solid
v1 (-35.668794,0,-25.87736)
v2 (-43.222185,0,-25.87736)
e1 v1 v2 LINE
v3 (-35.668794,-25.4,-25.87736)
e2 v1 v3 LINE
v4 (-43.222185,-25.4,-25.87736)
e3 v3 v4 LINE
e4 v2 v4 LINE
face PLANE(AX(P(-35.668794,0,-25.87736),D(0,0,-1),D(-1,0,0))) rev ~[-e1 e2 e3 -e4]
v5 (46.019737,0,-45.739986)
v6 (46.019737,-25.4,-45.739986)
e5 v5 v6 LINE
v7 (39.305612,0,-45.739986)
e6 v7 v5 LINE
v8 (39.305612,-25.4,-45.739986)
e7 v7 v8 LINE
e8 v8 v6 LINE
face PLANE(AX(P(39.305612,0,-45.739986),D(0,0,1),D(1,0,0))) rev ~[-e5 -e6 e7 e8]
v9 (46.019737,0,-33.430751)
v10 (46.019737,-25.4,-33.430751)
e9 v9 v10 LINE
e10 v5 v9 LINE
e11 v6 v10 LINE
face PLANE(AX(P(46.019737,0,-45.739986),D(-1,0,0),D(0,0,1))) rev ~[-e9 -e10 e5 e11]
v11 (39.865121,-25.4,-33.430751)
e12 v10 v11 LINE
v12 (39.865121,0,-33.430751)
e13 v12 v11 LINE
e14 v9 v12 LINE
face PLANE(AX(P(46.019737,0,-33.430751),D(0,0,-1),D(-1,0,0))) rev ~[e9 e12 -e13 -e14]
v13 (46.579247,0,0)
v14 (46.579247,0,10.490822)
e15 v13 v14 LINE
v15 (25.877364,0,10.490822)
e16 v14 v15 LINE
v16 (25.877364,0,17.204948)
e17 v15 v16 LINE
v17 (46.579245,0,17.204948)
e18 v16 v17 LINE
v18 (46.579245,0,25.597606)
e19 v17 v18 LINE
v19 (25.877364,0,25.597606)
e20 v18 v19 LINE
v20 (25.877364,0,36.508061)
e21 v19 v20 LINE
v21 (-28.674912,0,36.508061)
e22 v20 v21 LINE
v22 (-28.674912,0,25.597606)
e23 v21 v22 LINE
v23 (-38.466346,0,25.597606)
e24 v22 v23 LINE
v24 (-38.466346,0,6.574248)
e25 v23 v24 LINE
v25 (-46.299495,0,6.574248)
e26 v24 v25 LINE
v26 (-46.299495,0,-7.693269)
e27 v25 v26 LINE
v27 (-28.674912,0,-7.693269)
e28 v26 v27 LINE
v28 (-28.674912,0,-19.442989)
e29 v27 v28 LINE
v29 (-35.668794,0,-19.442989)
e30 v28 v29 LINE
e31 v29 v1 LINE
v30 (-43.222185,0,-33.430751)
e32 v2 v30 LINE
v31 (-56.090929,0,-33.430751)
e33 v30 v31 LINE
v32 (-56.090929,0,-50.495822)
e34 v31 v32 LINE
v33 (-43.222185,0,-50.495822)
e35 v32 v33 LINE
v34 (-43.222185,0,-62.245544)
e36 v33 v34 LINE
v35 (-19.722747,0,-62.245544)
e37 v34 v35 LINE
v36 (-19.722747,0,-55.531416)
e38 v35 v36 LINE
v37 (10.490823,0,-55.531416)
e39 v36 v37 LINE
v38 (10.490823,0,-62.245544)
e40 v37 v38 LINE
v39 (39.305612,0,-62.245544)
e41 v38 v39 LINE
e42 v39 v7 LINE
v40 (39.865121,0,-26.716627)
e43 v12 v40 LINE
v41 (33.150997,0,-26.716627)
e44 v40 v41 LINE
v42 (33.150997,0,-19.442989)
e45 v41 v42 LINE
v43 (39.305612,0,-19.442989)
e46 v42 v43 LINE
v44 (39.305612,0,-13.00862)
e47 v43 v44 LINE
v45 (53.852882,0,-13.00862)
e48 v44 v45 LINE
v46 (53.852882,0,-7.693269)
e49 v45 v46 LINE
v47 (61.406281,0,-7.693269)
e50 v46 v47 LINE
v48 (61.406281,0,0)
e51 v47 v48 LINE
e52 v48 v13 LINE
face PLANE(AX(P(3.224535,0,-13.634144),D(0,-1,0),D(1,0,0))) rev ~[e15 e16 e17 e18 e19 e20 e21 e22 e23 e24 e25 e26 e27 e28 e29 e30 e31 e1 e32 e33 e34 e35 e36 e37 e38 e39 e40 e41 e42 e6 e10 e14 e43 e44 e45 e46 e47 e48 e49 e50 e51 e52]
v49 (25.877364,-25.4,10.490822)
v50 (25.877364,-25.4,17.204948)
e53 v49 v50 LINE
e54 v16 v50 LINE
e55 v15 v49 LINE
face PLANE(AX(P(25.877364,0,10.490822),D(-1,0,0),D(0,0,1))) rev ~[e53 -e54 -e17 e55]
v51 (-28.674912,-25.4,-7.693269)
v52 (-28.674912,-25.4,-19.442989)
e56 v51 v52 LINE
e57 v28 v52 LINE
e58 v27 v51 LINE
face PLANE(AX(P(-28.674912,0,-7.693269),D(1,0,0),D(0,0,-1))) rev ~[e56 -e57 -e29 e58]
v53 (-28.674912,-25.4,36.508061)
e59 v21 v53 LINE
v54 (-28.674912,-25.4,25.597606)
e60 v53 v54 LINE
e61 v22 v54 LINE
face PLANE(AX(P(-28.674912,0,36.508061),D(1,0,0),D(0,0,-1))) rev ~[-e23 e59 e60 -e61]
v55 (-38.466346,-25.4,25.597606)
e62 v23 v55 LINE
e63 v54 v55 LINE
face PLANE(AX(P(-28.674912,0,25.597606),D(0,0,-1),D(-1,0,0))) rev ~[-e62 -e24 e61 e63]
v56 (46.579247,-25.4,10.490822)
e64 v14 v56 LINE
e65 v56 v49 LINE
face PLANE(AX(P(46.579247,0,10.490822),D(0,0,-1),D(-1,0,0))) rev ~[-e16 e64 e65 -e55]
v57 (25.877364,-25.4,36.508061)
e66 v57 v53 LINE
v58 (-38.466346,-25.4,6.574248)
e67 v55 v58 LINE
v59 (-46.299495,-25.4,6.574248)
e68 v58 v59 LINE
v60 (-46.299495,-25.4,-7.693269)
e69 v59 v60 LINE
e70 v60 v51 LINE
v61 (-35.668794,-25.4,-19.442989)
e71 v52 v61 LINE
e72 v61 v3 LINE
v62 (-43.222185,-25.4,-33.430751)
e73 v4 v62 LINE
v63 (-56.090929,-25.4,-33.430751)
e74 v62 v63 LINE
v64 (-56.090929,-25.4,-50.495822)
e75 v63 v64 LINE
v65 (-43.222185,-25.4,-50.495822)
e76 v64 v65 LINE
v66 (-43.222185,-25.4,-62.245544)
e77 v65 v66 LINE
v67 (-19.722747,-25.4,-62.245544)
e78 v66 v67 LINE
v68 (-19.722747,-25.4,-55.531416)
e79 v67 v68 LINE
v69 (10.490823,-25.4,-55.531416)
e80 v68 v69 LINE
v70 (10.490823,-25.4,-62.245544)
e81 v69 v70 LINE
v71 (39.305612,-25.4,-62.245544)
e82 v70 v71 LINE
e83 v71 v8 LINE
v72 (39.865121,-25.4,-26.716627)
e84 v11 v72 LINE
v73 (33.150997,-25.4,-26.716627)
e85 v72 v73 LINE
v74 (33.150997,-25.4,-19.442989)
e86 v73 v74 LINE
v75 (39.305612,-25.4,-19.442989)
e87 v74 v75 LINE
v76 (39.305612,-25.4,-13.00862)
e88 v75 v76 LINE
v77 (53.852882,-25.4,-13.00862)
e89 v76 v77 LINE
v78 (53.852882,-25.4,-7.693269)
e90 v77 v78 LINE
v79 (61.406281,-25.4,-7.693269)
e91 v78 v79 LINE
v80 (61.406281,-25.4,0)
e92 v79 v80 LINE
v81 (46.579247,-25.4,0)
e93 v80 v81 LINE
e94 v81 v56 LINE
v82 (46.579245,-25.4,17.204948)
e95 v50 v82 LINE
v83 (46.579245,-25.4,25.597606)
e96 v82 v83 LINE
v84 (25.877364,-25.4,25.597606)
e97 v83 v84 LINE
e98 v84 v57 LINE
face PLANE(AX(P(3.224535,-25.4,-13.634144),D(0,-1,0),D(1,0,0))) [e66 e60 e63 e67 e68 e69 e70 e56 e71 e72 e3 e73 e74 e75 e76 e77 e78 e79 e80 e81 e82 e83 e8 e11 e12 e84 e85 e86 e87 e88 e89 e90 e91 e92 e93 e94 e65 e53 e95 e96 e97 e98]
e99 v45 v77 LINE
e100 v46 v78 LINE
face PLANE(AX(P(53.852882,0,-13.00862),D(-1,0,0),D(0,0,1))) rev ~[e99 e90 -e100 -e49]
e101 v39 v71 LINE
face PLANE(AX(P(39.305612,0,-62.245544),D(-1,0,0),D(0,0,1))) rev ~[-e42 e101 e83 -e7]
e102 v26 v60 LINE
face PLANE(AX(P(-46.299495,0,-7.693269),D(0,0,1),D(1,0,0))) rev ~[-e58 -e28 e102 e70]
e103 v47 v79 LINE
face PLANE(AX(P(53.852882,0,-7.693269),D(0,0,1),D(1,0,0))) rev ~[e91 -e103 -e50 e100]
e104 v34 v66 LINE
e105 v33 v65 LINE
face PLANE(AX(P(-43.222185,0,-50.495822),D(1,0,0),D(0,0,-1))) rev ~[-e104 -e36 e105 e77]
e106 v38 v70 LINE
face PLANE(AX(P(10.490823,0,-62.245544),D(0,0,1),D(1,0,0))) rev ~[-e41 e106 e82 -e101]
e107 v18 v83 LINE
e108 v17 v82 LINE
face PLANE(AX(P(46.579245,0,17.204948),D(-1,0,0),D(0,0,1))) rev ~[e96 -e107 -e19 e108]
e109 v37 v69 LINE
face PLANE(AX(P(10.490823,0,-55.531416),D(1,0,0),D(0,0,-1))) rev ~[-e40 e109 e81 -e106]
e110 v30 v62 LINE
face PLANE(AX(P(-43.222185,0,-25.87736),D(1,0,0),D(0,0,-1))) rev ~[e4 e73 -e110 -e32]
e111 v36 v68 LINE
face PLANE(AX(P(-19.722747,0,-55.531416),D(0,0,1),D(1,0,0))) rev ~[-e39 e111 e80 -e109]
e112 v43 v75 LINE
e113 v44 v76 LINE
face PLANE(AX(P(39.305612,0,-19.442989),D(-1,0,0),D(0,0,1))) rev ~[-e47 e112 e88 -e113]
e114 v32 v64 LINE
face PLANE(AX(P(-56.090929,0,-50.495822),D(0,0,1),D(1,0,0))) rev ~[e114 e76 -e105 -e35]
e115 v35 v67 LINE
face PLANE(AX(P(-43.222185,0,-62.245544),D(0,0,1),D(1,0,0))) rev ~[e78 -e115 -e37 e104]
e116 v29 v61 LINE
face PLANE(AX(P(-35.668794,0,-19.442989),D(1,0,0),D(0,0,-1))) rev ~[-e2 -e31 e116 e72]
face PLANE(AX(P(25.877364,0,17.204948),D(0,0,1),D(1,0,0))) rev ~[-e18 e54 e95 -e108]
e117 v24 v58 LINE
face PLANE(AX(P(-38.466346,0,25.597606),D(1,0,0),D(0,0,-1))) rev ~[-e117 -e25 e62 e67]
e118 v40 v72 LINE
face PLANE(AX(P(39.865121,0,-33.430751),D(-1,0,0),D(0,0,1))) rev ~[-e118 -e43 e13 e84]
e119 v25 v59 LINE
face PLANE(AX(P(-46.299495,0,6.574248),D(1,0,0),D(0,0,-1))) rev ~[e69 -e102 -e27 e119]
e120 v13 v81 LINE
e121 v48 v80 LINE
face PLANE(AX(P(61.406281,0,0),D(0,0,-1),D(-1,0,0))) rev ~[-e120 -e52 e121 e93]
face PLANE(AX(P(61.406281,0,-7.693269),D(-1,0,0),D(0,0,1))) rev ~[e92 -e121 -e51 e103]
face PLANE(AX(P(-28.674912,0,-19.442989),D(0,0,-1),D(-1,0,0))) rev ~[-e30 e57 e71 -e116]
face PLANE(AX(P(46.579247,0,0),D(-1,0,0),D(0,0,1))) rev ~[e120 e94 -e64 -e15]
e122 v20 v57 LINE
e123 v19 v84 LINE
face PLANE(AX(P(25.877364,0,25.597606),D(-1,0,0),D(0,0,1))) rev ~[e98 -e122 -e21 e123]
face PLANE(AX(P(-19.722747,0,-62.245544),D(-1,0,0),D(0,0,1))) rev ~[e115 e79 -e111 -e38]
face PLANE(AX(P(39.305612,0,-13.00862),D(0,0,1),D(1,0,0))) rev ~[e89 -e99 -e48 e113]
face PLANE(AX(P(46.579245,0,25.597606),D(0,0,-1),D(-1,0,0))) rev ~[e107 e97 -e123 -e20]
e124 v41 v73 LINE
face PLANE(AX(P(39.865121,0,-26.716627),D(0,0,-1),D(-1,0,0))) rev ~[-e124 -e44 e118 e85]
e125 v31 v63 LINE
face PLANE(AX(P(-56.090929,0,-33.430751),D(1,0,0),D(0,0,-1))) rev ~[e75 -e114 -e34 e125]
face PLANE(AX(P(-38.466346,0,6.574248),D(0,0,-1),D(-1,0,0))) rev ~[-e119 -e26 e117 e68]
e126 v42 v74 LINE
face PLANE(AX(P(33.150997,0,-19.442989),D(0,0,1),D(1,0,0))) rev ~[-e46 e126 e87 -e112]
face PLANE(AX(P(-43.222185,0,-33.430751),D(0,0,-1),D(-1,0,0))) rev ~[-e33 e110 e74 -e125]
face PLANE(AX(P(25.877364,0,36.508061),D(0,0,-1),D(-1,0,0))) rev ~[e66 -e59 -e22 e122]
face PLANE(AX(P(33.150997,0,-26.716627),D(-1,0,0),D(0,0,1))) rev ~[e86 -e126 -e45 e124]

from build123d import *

# Parameters (mm, degrees)
F1_DEPTH = 25.4


with BuildPart() as f1:
    # F0 (on Front) → F1 (new body)
    with BuildSketch(Plane.XZ):
        Polygon((-28.674912, 25.597606), (-38.466346, 25.597606), (-38.466346, 17.204948), (-38.466346, 6.574248), (-46.299495, 6.574248), (-46.299495, -7.693269), (-28.674912, -7.693269), (-28.674912, -19.442989), (-35.668794, -19.442989), (-35.668794, -25.87736), (-43.222185, -25.87736), (-43.222185, -33.430751), (-56.090929, -33.430751), (-56.090929, -50.495822), (-43.222185, -50.495822), (-43.222185, -62.245544), (-19.722747, -62.245544), (-19.722747, -55.531416), (10.490823, -55.531416), (10.490823, -62.245544), (39.305612, -62.245544), (39.305612, -45.739986), (46.019737, -45.739986), (46.019737, -33.430751), (39.865121, -33.430751), (39.865121, -26.716627), (33.150997, -26.716627), (33.150997, -19.442989), (39.305612, -19.442989), (39.305612, -13.00862), (53.852882, -13.00862), (53.852882, -7.693269), (61.406281, -7.693269), (61.406281, 0), (46.579247, 0), (46.579247, 10.490822), (25.877364, 10.490822), (25.877364, 17.204948), (46.579245, 17.204948), (46.579245, 25.597606), (25.877364, 25.597606), (25.877364, 36.508061), (-28.674912, 36.508061), align=None)
    extrude(amount=F1_DEPTH)


solid = f1.part
